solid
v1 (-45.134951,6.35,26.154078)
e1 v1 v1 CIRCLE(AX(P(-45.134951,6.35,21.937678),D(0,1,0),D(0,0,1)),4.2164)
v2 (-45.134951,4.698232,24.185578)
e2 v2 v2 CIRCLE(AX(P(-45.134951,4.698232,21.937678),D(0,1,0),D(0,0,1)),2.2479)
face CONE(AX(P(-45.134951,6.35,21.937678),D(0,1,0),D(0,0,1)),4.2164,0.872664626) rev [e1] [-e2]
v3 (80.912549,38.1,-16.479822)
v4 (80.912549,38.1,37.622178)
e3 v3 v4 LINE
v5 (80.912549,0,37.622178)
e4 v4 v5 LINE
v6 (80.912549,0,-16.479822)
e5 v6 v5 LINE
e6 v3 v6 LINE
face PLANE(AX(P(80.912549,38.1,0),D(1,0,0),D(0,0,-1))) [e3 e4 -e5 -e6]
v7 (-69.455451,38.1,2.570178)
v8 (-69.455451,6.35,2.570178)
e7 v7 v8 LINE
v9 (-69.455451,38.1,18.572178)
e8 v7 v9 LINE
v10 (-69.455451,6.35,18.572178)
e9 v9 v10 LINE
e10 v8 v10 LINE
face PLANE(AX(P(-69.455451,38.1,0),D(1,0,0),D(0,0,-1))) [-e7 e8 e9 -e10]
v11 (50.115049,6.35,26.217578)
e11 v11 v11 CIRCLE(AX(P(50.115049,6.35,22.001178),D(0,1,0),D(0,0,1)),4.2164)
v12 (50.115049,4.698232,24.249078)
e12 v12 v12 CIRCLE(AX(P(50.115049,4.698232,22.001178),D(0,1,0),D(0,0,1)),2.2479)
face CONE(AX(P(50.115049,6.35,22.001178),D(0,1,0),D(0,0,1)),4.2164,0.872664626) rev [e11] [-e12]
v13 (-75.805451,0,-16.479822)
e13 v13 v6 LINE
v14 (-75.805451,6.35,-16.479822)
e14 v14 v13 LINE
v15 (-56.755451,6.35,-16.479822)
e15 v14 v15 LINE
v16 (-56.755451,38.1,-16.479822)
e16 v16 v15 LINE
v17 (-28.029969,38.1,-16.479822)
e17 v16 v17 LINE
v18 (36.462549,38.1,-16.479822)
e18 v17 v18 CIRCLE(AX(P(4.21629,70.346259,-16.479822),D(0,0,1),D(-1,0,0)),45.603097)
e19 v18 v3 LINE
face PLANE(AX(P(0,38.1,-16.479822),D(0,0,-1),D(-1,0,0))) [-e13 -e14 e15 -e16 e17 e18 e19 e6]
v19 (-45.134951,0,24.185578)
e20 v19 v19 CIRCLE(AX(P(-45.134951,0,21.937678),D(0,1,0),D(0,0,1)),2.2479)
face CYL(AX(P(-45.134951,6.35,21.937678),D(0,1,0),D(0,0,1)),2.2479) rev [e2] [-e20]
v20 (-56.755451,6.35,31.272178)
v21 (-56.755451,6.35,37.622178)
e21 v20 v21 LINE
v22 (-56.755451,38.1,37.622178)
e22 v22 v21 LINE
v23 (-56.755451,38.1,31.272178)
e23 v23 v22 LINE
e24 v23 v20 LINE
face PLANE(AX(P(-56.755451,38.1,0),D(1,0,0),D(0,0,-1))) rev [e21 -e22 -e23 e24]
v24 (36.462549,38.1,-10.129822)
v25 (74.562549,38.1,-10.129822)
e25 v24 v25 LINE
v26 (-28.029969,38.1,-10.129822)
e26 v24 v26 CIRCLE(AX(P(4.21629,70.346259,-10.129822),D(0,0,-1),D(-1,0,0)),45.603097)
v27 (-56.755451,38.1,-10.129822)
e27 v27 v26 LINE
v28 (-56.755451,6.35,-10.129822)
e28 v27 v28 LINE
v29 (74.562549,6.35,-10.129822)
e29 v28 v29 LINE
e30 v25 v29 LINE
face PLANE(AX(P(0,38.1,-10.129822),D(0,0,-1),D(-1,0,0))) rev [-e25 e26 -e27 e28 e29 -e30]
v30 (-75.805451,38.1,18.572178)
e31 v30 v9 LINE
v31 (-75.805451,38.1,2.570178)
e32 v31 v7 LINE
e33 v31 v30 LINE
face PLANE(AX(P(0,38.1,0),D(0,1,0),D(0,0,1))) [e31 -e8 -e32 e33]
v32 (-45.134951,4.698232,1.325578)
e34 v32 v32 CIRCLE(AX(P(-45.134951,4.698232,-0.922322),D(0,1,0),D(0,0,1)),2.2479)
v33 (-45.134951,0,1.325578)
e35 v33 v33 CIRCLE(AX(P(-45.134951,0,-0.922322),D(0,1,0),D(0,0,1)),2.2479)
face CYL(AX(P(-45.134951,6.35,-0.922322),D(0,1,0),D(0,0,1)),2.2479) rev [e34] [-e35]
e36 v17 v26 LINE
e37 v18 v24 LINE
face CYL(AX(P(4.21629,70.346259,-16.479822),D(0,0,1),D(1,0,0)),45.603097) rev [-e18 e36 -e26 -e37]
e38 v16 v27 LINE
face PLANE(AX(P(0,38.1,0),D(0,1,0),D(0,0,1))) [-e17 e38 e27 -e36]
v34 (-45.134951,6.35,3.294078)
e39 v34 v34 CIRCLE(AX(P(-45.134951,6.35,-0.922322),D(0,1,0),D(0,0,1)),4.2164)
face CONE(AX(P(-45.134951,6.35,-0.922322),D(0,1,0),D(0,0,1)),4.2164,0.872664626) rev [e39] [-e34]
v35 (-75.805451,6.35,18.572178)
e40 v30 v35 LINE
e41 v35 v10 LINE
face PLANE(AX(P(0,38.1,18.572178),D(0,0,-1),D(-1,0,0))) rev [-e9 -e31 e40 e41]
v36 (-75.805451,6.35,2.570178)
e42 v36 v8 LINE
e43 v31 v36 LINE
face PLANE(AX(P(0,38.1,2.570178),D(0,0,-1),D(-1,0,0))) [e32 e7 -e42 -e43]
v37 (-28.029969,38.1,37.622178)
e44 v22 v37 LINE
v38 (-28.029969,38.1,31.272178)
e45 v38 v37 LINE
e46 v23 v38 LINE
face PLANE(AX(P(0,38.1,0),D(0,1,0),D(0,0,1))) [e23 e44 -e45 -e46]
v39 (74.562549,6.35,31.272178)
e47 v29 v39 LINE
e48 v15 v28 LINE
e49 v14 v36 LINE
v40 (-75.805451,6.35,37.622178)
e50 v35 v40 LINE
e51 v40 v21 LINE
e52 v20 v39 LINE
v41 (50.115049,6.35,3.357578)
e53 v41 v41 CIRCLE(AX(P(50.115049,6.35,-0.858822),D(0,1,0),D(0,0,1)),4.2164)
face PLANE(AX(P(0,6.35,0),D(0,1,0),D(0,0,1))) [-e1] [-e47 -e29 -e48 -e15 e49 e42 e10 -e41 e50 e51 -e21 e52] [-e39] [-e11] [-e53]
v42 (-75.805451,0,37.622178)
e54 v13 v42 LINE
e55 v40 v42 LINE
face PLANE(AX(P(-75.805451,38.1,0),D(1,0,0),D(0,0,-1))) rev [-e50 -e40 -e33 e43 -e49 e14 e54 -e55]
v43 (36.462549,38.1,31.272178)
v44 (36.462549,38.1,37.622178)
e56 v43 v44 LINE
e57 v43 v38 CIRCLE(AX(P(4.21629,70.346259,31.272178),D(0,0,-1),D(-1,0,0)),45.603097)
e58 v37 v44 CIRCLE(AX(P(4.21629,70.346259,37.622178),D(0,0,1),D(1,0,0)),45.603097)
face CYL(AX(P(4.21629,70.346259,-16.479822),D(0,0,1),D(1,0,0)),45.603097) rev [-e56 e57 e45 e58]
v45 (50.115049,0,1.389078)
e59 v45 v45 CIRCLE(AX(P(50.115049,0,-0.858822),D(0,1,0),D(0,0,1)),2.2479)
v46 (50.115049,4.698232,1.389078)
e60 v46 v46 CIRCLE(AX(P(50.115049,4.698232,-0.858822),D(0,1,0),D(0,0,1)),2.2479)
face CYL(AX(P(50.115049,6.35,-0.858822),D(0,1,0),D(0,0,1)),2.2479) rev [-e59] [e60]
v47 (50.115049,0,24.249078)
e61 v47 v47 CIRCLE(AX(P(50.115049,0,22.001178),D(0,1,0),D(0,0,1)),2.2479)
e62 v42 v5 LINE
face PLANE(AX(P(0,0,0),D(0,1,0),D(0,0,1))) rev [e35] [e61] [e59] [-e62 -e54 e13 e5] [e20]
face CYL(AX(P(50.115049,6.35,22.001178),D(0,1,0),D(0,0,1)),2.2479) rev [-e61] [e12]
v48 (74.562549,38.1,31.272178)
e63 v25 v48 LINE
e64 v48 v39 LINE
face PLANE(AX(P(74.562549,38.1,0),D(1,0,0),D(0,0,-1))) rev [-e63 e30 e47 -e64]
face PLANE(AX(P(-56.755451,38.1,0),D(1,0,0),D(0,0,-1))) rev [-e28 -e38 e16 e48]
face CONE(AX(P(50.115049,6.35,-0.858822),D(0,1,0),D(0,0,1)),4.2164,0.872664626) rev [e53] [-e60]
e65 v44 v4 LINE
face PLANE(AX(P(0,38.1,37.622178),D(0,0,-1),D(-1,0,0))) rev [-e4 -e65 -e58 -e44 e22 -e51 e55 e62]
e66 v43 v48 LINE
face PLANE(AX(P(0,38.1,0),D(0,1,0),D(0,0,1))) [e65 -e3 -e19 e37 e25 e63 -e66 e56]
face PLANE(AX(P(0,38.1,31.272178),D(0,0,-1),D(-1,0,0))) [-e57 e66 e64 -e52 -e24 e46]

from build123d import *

# Parameters (mm, degrees)
SKETCH1_W                                         = 6.35
SKETCH1_H                                         = 16.002
BOSS_EXTRUDE1_DEPTH                               = 38.1
SKETCH1_H_2                                       = 54.102
BOSS_EXTRUDE1_2_DEPTH                             = 38.1
BOSS_EXTRUDE2_DEPTH                               = 6.35
SKETCH1_5_W                                       = 131.318
SKETCH1_5_H                                       = 6.35
BOSS_EXTRUDE3_DEPTH                               = 38.1
CSK_FOR_8_FLAT_HEAD_MACHINE_SCREW_100_D           = 4.4958
CSK_FOR_8_FLAT_HEAD_MACHINE_SCREW_100_CSINK_D     = 8.4328
CSK_FOR_8_FLAT_HEAD_MACHINE_SCREW_100_CSINK_ANGLE = 100
BOSS_EXTRUDE6_DEPTH                               = 6.35
CUT_EXTRUDE3_DEPTH                                = 105.525006773
CUT_EXTRUDE3_DEPTH_BACK                           = 105.525006773
BOSS_EXTRUDE7_DEPTH                               = 6.35


with BuildPart() as part:
    # Sketch1 → Boss-Extrude1 (new body)
    with BuildSketch(Plane(origin=(0, 0, 0), x_dir=(1, 0, 0), z_dir=(0, 1, 0))):
        with Locations((-72.630450684, -10.571178218)):
            Rectangle(SKETCH1_W, SKETCH1_H)
    extrude(amount=BOSS_EXTRUDE1_DEPTH)



with BuildPart() as body_2:
    # Sketch1 → Boss-Extrude1 2 (new body)
    with BuildSketch(Plane(origin=(0, 0, 0), x_dir=(1, 0, 0), z_dir=(0, 1, 0))):
        with Locations((77.737549316, -10.571178218)):
            Rectangle(SKETCH1_W, SKETCH1_H_2)
    extrude(amount=BOSS_EXTRUDE1_2_DEPTH)


with BuildPart() as part_1:
    add(part.part)

    add(body_2.part)  # Boss-Extrude2 merges body 2
    # Sketch1<4> → Boss-Extrude2 (add)
    with BuildSketch(Plane(origin=(0, 0, 0), x_dir=(1, 0, 0), z_dir=(0, 1, 0))):
        Polygon((-56.755450684, 10.129821782), (-69.455450684, 10.129821782), (-69.455450684, -2.570178218), (-69.455450684, -18.572178218), (-69.455450684, -31.272178218), (-56.755450684, -31.272178218), (74.562549316, -31.272178218), (74.562549316, 10.129821782), align=None)
    extrude(amount=BOSS_EXTRUDE2_DEPTH)

    # Sketch1<5> → Boss-Extrude3 (add)
    with BuildSketch(Plane(origin=(0, 0, 0), x_dir=(1, 0, 0), z_dir=(0, 1, 0))):
        with Locations((8.903549316, 13.304821782)):
            Rectangle(SKETCH1_5_W, SKETCH1_5_H)
        with Locations((8.903549316, -34.447178218)):
            Rectangle(SKETCH1_5_W, SKETCH1_5_H)
    extrude(amount=BOSS_EXTRUDE3_DEPTH)

    # CSK for #8 Flat Head Machine Screw (100)2 (through all)
    with Locations(Plane(origin=(0, 6.35, 0), x_dir=(1, 0, 0), z_dir=(0, 1, 0))):
        with Locations((-45.134950684, -21.937678218), (-45.134950684, 0.922321782), (50.115049316, 0.858821782), (50.115049316, -22.001178218)):
            CounterSinkHole(CSK_FOR_8_FLAT_HEAD_MACHINE_SCREW_100_D / 2, CSK_FOR_8_FLAT_HEAD_MACHINE_SCREW_100_CSINK_D / 2, counter_sink_angle=CSK_FOR_8_FLAT_HEAD_MACHINE_SCREW_100_CSINK_ANGLE)

    # Sketch1<8> → Boss-Extrude6 (add)
    with BuildSketch(Plane(origin=(0, 0, 0), x_dir=(1, 0, 0), z_dir=(0, 1, 0))):
        Polygon((-69.455450684, -31.272178218), (-69.455450684, -18.572178218), (-75.805450684, -18.572178218), (-75.805450684, -31.272178218), (-75.805450684, -37.622178218), (-56.755450684, -37.622178218), (-56.755450684, -31.272178218), align=None)
    extrude(amount=BOSS_EXTRUDE6_DEPTH)

    # Sketch11 → Cut-Extrude3 (cut, two sides: drawn at the far end of the back side and taken through both)
    with BuildSketch(Plane.XY.offset(37.622178218).offset(-CUT_EXTRUDE3_DEPTH_BACK)):
        with BuildLine():
            Line((-28.029969106, 38.1), (36.462549316, 38.1))
            ThreePointArc((36.462549316, 38.1), (4.216290105, 24.743162099), (-28.029969106, 38.1))
        make_face()
    extrude(amount=CUT_EXTRUDE3_DEPTH + CUT_EXTRUDE3_DEPTH_BACK, mode=Mode.SUBTRACT)

    # Sketch1<9> → Boss-Extrude7 (add)
    with BuildSketch(Plane(origin=(0, 0, 0), x_dir=(1, 0, 0), z_dir=(0, 1, 0))):
        Polygon((-69.455450684, -2.570178218), (-69.455450684, 10.129821782), (-56.755450684, 10.129821782), (-56.755450684, 16.479821782), (-69.455450684, 16.479821782), (-75.805450684, 16.479821782), (-75.805450684, 10.129821782), (-75.805450684, -2.570178218), align=None)
    extrude(amount=BOSS_EXTRUDE7_DEPTH)


solid = part_1.part
